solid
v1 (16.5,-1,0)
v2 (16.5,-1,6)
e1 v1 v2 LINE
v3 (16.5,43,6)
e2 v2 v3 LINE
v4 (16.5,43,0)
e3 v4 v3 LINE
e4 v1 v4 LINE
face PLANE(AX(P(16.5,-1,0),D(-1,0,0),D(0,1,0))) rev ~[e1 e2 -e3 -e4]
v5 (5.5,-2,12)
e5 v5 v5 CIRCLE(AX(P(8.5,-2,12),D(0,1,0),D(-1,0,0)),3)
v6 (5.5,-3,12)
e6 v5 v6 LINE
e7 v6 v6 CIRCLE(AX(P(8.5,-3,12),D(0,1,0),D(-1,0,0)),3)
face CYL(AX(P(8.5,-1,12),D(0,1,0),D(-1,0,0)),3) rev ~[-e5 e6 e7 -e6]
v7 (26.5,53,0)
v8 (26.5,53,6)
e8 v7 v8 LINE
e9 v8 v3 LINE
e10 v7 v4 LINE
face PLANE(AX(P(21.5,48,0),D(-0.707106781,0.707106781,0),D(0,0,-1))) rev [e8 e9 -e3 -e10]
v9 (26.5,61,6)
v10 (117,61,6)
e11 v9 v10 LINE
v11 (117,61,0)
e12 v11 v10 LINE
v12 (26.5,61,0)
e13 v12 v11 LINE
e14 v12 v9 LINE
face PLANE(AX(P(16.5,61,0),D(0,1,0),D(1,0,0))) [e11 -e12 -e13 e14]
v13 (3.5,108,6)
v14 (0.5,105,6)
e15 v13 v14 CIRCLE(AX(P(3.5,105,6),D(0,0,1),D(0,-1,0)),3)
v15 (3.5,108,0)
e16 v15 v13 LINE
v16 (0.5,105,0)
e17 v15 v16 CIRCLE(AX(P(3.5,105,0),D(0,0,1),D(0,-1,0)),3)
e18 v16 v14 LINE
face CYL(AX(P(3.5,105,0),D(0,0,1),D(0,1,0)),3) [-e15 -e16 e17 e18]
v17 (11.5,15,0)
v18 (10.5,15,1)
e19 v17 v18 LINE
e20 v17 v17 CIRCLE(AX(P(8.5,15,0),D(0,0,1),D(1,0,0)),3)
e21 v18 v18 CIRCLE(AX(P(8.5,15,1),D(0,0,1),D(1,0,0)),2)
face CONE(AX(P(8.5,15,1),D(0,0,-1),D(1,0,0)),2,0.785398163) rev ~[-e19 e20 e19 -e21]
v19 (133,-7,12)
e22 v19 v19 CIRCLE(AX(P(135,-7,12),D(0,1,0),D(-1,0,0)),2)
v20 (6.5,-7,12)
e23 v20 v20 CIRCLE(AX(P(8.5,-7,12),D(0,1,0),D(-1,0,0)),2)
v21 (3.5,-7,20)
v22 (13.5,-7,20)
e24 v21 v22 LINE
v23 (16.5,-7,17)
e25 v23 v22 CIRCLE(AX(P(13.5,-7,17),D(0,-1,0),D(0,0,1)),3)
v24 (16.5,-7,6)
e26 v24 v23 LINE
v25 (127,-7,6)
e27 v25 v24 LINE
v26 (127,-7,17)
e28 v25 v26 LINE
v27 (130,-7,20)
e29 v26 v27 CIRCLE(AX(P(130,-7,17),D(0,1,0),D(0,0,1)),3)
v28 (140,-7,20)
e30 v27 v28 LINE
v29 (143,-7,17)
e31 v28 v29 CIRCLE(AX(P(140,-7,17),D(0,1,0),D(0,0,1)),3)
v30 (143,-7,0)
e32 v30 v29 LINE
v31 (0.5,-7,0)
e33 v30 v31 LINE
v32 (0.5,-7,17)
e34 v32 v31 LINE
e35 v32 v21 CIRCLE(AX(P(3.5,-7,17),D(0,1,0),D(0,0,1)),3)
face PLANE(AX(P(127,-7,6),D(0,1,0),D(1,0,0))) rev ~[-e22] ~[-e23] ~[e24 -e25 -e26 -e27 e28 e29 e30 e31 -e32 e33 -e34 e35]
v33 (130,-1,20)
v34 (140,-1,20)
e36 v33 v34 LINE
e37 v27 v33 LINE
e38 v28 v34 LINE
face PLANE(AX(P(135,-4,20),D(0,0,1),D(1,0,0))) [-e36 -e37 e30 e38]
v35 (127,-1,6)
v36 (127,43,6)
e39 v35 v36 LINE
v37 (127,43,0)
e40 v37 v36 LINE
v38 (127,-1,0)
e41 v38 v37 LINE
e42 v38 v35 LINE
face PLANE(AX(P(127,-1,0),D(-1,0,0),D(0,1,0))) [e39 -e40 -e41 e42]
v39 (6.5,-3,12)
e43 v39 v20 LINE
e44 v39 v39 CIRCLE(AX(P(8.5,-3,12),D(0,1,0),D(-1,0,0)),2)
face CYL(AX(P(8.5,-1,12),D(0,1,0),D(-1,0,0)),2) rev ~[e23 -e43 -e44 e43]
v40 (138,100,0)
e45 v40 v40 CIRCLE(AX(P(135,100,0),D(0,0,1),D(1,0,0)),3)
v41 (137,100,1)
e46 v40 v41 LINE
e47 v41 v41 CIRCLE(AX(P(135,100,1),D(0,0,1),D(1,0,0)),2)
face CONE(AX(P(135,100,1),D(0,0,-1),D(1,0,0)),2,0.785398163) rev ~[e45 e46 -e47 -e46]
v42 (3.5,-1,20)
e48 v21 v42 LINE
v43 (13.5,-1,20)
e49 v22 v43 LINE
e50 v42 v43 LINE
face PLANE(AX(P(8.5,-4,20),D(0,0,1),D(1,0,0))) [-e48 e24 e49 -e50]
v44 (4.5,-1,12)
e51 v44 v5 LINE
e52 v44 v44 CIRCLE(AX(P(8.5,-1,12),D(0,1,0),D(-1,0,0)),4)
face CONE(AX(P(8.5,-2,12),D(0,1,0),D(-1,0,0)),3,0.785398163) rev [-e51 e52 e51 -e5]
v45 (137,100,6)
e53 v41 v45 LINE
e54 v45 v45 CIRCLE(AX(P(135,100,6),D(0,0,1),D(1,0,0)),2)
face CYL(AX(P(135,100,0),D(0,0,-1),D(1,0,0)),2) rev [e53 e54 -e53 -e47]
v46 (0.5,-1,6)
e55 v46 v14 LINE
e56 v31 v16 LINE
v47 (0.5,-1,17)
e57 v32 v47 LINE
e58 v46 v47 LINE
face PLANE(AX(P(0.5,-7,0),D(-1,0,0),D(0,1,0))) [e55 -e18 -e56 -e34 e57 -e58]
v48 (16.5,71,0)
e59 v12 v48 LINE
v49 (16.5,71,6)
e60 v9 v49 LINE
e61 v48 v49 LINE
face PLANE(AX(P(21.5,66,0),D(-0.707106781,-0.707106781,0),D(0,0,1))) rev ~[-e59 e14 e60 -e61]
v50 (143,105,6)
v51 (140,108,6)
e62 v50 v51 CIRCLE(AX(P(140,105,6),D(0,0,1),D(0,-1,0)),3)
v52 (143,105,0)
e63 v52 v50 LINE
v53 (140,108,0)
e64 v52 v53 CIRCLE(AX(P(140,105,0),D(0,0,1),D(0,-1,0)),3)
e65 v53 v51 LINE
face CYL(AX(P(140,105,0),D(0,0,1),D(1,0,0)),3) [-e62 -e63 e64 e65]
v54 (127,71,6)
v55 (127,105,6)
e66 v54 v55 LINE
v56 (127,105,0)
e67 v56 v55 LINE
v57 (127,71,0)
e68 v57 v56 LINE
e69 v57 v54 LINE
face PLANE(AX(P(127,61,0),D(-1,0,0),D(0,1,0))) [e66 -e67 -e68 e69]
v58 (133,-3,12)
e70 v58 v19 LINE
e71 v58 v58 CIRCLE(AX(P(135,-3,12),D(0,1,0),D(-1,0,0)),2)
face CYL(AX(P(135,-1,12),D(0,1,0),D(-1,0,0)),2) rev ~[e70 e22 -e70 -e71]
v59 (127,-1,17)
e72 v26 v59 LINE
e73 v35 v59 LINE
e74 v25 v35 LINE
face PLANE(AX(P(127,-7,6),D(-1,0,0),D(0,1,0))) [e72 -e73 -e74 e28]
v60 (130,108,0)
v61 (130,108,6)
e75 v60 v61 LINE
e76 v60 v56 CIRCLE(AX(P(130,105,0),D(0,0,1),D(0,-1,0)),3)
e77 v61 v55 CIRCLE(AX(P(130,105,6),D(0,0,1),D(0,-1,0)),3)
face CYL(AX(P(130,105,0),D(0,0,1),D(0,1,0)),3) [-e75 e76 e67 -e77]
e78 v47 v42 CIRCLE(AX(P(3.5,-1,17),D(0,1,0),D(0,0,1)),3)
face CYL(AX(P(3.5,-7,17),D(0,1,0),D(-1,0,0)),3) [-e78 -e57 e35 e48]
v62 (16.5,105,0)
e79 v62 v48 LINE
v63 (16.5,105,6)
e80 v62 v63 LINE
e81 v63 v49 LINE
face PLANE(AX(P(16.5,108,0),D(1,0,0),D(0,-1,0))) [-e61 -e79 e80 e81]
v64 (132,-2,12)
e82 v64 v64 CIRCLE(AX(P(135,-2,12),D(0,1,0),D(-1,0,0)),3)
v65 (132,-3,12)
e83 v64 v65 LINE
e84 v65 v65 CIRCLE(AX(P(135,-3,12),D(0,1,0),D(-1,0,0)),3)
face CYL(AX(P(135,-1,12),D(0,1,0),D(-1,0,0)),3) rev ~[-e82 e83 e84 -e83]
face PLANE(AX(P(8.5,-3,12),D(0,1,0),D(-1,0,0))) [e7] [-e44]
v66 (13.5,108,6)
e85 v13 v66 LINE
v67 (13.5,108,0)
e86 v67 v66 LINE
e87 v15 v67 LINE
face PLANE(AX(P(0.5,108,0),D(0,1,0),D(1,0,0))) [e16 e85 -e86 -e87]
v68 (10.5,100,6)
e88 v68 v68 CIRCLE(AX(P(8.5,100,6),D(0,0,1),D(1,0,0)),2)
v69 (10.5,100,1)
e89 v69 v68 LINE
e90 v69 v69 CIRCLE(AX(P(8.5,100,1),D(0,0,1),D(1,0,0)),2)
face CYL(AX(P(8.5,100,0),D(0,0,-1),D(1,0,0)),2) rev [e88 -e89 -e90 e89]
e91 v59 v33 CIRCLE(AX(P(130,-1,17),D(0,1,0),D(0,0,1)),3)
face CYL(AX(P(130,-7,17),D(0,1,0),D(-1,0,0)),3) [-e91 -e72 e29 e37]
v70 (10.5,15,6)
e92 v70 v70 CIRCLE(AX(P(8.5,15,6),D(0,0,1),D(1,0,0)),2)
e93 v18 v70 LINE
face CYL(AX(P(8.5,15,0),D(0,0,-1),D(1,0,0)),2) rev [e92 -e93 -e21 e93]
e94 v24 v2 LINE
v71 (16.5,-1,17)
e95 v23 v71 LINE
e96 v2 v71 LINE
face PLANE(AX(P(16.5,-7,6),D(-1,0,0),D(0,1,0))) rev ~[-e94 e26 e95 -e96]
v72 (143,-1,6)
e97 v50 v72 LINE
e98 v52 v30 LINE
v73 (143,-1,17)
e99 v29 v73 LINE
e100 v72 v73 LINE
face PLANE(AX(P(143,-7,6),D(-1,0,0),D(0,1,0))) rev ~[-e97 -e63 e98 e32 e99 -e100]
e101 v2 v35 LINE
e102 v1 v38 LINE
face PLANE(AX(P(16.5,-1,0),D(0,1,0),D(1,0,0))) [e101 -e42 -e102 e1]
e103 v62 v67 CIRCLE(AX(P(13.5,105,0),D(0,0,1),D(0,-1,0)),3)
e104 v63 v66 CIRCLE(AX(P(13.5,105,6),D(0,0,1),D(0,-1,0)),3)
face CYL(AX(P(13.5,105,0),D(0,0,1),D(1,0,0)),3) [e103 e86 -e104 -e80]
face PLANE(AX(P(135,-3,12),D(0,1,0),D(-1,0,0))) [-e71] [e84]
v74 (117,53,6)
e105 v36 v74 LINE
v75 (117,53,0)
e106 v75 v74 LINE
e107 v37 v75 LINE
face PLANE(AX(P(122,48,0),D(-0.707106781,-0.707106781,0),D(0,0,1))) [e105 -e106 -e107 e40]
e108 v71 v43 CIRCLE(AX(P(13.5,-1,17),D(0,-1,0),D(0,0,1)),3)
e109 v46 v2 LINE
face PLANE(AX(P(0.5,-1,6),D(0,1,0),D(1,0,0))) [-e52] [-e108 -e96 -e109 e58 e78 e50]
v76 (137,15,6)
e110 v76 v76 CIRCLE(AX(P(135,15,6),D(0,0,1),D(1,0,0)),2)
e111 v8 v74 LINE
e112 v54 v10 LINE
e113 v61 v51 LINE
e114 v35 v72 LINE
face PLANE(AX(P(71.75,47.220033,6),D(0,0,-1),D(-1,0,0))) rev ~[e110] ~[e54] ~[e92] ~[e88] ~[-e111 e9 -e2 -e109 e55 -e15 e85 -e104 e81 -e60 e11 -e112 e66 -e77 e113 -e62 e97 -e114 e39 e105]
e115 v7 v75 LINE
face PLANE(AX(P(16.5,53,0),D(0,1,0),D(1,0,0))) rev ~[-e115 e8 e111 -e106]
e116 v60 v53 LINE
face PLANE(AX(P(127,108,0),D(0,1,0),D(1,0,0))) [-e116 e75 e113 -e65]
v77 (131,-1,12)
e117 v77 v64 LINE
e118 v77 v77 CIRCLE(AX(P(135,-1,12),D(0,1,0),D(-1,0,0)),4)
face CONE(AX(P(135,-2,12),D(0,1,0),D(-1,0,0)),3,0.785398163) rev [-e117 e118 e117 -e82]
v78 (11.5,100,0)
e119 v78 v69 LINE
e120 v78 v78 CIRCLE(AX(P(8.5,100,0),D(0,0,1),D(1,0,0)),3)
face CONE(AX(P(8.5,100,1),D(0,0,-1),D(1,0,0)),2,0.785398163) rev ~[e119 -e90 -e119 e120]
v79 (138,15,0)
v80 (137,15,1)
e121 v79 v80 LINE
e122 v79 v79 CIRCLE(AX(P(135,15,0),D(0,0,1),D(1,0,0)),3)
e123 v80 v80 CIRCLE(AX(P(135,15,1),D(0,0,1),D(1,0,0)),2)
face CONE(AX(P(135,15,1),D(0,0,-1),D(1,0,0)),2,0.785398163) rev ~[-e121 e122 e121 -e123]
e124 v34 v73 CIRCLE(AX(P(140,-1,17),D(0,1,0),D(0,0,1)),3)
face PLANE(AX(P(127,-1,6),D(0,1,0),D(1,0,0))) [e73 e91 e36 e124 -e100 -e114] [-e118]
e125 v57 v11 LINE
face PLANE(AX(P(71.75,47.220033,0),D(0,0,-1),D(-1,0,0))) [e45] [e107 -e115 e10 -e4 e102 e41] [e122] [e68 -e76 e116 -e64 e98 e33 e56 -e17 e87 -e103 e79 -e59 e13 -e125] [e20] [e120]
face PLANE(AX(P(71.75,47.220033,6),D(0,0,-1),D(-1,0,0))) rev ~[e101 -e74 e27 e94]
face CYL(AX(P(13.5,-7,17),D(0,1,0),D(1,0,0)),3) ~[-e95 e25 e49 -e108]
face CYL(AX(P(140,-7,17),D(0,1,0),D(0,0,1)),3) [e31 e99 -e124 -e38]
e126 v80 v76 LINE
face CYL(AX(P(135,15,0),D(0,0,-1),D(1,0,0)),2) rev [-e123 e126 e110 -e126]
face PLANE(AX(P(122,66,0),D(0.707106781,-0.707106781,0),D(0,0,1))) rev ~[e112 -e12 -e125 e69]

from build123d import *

# Parameters (mm, degrees)
SKETCH_R        = 2
SKETCH_W        = 110.5
SKETCH_H        = 54
PAD_DEPTH       = 6
SKETCH001_W     = 16
SKETCH001_H     = 6
PAD001_DEPTH    = 14
SKETCH002_R     = 2
HOLE_DEPTH      = 24
SKETCH003_R     = 3
POCKET_DEPTH    = 2
CHAMFER_SIZE    = 1
CHAMFER001_SIZE = 1
FILLET_R        = 3
CHAMFER002_SIZE = 10


with BuildPart() as part:
    # Sketch → Pad (new body)
    with BuildSketch(Plane.XY):
        Polygon((143, -7), (0.5, -7), (0.5, 108), (16.5, 108), (16.5, 61), (127, 61), (127, 108), (143, 108), align=None)
        with Locations((8.5, 15)):
            Circle(SKETCH_R, mode=Mode.SUBTRACT)
        with Locations((8.5, 100)):
            Circle(SKETCH_R, mode=Mode.SUBTRACT)
        with Locations((135, 15)):
            Circle(SKETCH_R, mode=Mode.SUBTRACT)
        with Locations((135, 100)):
            Circle(SKETCH_R, mode=Mode.SUBTRACT)
        with Locations((71.75, 26)):
            Rectangle(SKETCH_W, SKETCH_H, mode=Mode.SUBTRACT)
    extrude(amount=PAD_DEPTH)

    # Sketch001 (on Face18 of Pad) → Pad001 (join)
    with BuildSketch(Plane.XY.offset(6)):
        with Locations((135, -4)):
            Rectangle(SKETCH001_W, SKETCH001_H)
        with Locations((8.5, -4)):
            Rectangle(SKETCH001_W, SKETCH001_H)
    extrude(amount=PAD001_DEPTH)

    # Sketch002 (on DatumPlane) → Hole (cut)
    with BuildSketch(Plane(origin=(0, -1, 0), x_dir=(-1, 0, 0), z_dir=(0, 1, 0))):
        with Locations((-135, 12)):
            Circle(SKETCH002_R)
        with Locations((-8.5, 12)):
            Circle(SKETCH002_R)
    extrude(amount=-HOLE_DEPTH, mode=Mode.SUBTRACT)

    # Sketch003 (on Face20 of Hole) → Pocket (cut)
    with BuildSketch(Plane(origin=(0, -1, 0), x_dir=(-1, 0, 0), z_dir=(0, 1, 0))):
        with Locations((-135, 12)):
            Circle(SKETCH003_R)
        with Locations((-8.5, 12)):
            Circle(SKETCH003_R)
    extrude(amount=-POCKET_DEPTH, mode=Mode.SUBTRACT)

    # Chamfer
    chamfer_edges = [part.edges().sort_by_distance(p)[0] for p in [
        (6.5, 15, 0),
        (6.5, 100, 0),
        (133, 15, 0),
        (133, 100, 0),
    ]]
    chamfer(chamfer_edges, length=CHAMFER_SIZE)

    # Chamfer001
    chamfer001_edges = [part.edges().sort_by_distance(p)[0] for p in [
        (11.5, -1, 12),
        (138, -1, 12),
    ]]
    chamfer(chamfer001_edges, length=CHAMFER001_SIZE)

    # Fillet
    fillet_edges = [part.edges().sort_by_distance(p)[0] for p in [
        (0.5, 108, 3),
        (16.5, 108, 3),
        (127, 108, 3),
        (143, 108, 3),
        (0.5, -4, 20),
        (16.5, -4, 20),
        (127, -4, 20),
        (143, -4, 20),
    ]]
    fillet(fillet_edges, radius=FILLET_R)

    # Chamfer002
    chamfer002_edges = [part.edges().sort_by_distance(p)[0] for p in [
        (16.5, 61, 3),
        (16.5, 53, 3),
        (127, 61, 3),
        (127, 53, 3),
    ]]
    chamfer(chamfer002_edges, length=CHAMFER002_SIZE)


solid = part.part
